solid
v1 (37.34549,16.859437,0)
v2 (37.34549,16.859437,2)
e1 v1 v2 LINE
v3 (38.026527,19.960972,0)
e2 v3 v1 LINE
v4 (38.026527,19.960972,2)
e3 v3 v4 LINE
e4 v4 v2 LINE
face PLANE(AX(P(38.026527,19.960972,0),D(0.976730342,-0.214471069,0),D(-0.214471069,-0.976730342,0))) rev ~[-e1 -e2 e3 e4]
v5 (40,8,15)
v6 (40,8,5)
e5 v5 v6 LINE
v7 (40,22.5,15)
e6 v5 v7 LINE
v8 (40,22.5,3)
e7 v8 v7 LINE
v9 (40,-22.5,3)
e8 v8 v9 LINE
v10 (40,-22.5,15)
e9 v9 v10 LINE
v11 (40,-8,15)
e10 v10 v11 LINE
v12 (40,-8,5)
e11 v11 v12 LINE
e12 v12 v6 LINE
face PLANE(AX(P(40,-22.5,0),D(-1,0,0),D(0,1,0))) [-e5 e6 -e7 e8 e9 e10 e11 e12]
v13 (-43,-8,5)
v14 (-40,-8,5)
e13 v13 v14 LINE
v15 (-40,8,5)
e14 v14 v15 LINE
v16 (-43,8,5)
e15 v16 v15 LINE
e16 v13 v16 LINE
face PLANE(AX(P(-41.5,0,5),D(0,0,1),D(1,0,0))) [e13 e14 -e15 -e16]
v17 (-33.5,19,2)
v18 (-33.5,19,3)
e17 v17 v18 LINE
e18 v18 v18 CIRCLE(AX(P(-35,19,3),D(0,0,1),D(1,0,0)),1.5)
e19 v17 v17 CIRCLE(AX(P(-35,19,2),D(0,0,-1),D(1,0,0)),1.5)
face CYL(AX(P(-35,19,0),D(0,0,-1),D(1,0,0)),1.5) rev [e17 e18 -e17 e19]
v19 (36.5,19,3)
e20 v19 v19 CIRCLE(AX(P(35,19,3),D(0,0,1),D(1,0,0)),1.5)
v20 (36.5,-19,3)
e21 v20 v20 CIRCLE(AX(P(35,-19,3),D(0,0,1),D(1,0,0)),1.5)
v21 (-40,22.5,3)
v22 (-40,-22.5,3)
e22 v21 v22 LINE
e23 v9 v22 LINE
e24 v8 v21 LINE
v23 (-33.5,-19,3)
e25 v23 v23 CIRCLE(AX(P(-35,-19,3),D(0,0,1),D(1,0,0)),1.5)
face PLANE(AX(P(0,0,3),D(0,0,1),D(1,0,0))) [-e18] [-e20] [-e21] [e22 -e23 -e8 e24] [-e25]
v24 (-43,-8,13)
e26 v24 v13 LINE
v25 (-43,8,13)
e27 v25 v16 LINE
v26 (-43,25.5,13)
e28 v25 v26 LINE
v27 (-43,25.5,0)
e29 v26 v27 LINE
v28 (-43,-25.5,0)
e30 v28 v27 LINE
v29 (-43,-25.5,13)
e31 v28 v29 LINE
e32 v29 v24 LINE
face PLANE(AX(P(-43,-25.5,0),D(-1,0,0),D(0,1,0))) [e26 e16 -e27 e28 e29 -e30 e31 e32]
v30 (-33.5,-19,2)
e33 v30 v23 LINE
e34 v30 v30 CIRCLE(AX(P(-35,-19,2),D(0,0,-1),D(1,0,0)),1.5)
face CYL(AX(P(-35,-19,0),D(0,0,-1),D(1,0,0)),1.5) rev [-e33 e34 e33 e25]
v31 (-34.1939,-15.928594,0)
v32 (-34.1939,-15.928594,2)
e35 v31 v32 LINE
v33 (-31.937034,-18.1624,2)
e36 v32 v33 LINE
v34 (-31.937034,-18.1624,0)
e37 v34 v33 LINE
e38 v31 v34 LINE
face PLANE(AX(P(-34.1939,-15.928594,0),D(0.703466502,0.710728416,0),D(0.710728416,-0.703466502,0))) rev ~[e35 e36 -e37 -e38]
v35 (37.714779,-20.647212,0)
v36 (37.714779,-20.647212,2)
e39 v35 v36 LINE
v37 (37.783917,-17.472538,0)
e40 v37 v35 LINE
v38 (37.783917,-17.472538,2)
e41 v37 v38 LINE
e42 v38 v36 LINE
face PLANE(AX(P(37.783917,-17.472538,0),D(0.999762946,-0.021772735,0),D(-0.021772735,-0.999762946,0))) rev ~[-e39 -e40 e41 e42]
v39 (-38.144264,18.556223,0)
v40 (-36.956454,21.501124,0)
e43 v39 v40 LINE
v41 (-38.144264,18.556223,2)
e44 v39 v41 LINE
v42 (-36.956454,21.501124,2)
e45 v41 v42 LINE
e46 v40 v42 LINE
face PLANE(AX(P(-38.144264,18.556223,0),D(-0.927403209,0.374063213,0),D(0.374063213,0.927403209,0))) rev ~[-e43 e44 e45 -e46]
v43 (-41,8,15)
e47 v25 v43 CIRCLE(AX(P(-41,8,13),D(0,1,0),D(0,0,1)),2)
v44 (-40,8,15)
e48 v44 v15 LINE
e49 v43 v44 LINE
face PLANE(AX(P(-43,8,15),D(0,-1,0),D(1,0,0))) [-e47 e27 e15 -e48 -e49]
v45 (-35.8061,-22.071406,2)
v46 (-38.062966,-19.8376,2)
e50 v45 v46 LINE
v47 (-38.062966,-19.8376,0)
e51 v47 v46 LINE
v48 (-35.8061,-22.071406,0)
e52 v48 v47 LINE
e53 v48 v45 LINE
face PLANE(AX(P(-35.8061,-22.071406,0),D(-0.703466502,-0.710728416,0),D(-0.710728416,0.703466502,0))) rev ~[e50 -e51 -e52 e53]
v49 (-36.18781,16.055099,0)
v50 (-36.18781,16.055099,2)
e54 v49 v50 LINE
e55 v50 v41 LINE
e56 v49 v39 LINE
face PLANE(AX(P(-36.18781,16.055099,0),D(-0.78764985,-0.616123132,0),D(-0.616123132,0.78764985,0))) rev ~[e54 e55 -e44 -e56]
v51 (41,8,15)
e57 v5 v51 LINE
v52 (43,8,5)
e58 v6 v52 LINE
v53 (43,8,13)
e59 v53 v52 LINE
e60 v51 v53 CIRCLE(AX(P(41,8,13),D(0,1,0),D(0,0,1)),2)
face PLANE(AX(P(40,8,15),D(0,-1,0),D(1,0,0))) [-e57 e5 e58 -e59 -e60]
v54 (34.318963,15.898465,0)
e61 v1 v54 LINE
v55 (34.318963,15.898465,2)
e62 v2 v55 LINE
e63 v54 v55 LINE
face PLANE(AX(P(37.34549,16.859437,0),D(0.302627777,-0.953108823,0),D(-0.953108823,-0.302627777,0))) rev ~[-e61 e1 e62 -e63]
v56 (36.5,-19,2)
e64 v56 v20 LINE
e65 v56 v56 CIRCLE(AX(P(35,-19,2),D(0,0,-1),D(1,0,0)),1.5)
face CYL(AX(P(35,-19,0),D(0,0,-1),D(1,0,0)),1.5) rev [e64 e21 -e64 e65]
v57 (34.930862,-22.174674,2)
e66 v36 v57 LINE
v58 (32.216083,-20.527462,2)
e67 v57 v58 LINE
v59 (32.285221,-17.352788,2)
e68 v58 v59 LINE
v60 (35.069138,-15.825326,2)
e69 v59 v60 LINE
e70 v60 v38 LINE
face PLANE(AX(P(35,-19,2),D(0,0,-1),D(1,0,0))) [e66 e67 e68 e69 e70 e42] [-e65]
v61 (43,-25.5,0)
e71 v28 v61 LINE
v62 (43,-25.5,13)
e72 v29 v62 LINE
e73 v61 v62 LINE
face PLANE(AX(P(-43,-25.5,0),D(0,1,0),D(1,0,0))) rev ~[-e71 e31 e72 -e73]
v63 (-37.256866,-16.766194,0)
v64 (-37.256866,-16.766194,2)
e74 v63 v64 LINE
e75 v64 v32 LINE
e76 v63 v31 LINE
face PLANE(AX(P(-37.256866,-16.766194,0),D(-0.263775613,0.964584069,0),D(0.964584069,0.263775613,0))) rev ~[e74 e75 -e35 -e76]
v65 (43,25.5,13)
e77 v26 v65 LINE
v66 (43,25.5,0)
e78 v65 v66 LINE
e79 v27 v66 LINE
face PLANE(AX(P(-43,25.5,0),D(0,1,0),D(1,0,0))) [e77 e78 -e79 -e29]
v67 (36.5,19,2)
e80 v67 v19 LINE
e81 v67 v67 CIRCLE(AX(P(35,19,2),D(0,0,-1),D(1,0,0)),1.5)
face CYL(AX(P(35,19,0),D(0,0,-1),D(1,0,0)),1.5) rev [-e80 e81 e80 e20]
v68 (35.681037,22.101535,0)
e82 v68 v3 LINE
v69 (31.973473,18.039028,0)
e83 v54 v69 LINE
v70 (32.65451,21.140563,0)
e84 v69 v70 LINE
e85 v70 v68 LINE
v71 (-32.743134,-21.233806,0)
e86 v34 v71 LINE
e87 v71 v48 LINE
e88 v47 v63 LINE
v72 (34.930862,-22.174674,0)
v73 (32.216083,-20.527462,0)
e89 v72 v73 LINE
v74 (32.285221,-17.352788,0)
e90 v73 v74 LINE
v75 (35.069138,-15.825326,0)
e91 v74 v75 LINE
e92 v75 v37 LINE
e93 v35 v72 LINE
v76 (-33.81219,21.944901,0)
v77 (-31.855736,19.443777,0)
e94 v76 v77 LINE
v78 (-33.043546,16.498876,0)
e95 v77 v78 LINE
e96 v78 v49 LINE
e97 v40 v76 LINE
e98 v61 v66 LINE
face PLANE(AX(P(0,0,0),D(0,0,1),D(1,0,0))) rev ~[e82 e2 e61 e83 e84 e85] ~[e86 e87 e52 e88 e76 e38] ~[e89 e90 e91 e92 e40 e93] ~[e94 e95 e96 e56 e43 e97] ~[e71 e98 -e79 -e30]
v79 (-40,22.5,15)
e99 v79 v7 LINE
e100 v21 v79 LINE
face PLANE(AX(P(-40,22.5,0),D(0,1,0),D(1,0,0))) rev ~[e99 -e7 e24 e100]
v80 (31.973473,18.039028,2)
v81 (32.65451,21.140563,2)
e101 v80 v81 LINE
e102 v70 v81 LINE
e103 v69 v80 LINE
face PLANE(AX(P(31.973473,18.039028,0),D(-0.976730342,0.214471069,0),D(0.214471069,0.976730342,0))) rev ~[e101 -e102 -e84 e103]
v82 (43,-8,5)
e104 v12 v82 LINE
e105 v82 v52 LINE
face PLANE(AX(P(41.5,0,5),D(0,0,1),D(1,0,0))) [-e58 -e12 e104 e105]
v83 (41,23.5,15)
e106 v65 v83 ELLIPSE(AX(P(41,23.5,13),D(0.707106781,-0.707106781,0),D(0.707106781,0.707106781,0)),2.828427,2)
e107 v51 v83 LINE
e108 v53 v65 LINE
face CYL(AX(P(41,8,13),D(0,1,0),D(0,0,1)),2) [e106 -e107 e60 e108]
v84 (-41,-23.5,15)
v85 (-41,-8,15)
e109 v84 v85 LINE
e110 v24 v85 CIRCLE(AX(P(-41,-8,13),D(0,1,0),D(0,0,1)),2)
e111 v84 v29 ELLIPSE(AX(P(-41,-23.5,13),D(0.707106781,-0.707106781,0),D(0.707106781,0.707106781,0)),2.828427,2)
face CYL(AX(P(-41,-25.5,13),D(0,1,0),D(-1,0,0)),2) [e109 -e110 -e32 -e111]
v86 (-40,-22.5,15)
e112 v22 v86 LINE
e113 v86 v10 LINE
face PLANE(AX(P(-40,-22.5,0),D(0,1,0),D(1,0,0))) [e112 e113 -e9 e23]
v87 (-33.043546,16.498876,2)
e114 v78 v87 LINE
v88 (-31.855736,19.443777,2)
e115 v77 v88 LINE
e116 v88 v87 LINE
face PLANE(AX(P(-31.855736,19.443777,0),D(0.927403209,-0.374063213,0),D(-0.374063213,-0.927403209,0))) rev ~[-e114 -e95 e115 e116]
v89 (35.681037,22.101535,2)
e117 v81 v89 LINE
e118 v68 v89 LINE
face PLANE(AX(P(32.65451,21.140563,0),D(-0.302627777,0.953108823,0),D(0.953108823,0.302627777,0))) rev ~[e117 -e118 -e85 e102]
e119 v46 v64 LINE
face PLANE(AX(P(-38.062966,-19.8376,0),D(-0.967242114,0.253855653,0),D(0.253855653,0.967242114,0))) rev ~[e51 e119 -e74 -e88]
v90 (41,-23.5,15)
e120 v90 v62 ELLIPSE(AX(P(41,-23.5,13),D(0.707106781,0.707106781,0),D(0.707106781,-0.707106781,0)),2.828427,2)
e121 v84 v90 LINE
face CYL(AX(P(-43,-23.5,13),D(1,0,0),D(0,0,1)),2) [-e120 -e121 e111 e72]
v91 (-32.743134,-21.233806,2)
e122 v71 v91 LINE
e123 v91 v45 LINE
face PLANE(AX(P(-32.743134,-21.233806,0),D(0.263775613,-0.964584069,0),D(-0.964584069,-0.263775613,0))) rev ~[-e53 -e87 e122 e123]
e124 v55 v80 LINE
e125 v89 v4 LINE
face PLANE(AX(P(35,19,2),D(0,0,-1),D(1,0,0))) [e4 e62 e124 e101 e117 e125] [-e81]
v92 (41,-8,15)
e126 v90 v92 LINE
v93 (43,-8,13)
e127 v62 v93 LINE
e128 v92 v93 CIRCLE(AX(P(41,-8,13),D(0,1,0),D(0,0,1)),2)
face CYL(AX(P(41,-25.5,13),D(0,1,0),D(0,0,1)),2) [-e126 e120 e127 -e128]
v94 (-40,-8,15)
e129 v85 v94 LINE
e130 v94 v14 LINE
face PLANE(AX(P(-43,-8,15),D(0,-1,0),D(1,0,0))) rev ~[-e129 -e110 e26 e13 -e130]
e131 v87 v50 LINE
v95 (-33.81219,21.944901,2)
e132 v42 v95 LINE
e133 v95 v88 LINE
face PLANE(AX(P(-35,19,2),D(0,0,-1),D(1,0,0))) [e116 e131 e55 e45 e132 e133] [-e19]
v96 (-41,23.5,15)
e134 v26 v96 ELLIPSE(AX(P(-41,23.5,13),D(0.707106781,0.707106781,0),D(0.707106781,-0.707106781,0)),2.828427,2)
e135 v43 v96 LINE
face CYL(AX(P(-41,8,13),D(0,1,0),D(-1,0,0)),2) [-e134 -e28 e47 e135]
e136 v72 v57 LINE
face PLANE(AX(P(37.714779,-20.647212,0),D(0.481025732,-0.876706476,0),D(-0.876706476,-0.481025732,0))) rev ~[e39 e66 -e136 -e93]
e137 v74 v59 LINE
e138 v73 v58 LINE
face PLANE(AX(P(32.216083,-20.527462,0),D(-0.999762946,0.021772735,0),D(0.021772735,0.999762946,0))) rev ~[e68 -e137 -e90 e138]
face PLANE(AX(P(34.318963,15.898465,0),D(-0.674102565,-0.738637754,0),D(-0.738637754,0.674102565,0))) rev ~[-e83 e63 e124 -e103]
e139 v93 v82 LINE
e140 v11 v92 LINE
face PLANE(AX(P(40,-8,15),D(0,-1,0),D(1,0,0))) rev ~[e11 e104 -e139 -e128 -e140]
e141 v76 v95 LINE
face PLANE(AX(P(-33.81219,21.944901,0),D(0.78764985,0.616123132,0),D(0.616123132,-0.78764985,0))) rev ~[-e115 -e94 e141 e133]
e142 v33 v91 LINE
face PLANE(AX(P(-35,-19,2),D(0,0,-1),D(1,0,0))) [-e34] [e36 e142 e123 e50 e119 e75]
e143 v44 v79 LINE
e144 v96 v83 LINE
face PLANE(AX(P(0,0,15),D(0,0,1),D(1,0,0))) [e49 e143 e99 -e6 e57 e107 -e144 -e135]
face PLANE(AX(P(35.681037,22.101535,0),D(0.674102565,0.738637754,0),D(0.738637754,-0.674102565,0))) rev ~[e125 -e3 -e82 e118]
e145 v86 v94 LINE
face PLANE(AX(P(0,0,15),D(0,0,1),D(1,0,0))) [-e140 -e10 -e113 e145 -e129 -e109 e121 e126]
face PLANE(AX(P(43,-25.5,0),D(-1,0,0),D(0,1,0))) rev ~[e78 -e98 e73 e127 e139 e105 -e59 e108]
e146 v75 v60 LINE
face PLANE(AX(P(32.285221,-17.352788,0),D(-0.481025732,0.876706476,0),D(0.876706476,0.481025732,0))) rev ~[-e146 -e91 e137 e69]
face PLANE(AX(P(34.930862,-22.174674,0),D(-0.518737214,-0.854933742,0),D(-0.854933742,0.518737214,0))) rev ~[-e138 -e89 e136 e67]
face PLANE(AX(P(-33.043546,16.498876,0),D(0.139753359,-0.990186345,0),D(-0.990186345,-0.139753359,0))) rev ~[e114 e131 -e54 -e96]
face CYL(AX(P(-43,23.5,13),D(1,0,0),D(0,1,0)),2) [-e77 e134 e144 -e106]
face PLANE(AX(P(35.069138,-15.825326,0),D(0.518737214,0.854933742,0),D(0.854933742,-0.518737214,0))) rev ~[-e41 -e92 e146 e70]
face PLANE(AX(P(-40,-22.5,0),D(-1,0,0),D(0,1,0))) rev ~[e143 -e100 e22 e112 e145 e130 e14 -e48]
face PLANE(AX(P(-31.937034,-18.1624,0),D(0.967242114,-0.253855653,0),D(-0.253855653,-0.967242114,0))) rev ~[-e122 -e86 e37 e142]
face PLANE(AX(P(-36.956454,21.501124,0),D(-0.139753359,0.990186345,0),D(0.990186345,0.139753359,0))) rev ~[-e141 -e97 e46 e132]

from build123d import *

# Parameters (mm, degrees)
F0_W     = 86
F0_H     = 51
F0_W_2   = 80
F0_H_2   = 45
F0_R     = 1.5
F1_DEPTH = 3
F2_DEPTH = 15
F3_W     = 3
F3_H     = 16
F4_DEPTH = 10
F6_R     = 1.5
F7_DEPTH = 2
F8_R     = 2


with BuildPart() as f1:
    # F0 (on Top) → F1 (new body)
    with BuildSketch(Plane.XY):
        Rectangle(F0_W, F0_H)
        Rectangle(F0_W_2, F0_H_2, mode=Mode.SUBTRACT)
        Rectangle(F0_W_2, F0_H_2)
        with Locations((-35, -19)):
            Circle(F0_R, mode=Mode.SUBTRACT)
        with Locations((35, -19)):
            Circle(F0_R, mode=Mode.SUBTRACT)
        with Locations((-35, 19)):
            Circle(F0_R, mode=Mode.SUBTRACT)
        with Locations((35, 19)):
            Circle(F0_R, mode=Mode.SUBTRACT)
    extrude(amount=F1_DEPTH)

    # F0 (on Top) → F2 (join)
    with BuildSketch(Plane.XY):
        Rectangle(F0_W, F0_H)
        Rectangle(F0_W_2, F0_H_2, mode=Mode.SUBTRACT)
    extrude(amount=F2_DEPTH)

    # F3 (on face) → F4 (cut)
    with BuildSketch(Plane.XY.offset(15)):
        with Locations((-41.5, 0)):
            Rectangle(F3_W, F3_H)
        with Locations((41.5, 0)):
            Rectangle(F3_W, F3_H)
    extrude(amount=-F4_DEPTH, mode=Mode.SUBTRACT)

    # F6 (on face) → F7 (cut)
    with BuildSketch(Plane(origin=(0, 0, 0), x_dir=(1, 0, 0), z_dir=(0, 0, -1))):
        Polygon((-34.1939000371, 15.9285937776), (-31.9370342046, 18.1623999346), (-32.7431341675, 21.2338061571), (-35.8060999629, 22.0714062224), (-38.0629657954, 19.8376000654), (-37.2568658325, 16.7661938429), align=None)
        with Locations((-35, 19)):
            Circle(F6_R, mode=Mode.SUBTRACT)
        Polygon((-33.8121897672, -21.9449007087), (-31.8557360582, -19.4437765179), (-33.043546291, -16.4988758092), (-36.1878102328, -16.0550992913), (-38.1442639418, -18.5562234821), (-36.956453709, -21.5011241908), align=None)
        with Locations((-35, -19)):
            Circle(F6_R, mode=Mode.SUBTRACT)
        Polygon((35.6810371117, -22.1015353917), (38.0265269958, -19.9609722562), (37.3454898841, -16.8594368645), (34.3189628883, -15.8984646083), (31.9734730042, -18.0390277438), (32.6545101159, -21.1405631355), align=None)
        with Locations((35, -19)):
            Circle(F6_R, mode=Mode.SUBTRACT)
        Polygon((35.0691377179, 15.8253262673), (37.7839169602, 17.4725381537), (37.7147792423, 20.6472118864), (34.9308622821, 22.1746737327), (32.2160830398, 20.5274618463), (32.2852207577, 17.3527881136), align=None)
        with Locations((35, 19)):
            Circle(F6_R, mode=Mode.SUBTRACT)
    extrude(amount=-F7_DEPTH, mode=Mode.SUBTRACT)

    # F8
    f8_edges = [f1.edges().sort_by_distance(p)[0] for p in [
        (0, -25.5, 15),
        (0, 25.5, 15),
        (43, 16.75, 15),
        (43, -16.75, 15),
        (-43, 16.75, 15),
        (-43, -16.75, 15),
    ]]
    fillet(f8_edges, radius=F8_R)


solid = f1.part
